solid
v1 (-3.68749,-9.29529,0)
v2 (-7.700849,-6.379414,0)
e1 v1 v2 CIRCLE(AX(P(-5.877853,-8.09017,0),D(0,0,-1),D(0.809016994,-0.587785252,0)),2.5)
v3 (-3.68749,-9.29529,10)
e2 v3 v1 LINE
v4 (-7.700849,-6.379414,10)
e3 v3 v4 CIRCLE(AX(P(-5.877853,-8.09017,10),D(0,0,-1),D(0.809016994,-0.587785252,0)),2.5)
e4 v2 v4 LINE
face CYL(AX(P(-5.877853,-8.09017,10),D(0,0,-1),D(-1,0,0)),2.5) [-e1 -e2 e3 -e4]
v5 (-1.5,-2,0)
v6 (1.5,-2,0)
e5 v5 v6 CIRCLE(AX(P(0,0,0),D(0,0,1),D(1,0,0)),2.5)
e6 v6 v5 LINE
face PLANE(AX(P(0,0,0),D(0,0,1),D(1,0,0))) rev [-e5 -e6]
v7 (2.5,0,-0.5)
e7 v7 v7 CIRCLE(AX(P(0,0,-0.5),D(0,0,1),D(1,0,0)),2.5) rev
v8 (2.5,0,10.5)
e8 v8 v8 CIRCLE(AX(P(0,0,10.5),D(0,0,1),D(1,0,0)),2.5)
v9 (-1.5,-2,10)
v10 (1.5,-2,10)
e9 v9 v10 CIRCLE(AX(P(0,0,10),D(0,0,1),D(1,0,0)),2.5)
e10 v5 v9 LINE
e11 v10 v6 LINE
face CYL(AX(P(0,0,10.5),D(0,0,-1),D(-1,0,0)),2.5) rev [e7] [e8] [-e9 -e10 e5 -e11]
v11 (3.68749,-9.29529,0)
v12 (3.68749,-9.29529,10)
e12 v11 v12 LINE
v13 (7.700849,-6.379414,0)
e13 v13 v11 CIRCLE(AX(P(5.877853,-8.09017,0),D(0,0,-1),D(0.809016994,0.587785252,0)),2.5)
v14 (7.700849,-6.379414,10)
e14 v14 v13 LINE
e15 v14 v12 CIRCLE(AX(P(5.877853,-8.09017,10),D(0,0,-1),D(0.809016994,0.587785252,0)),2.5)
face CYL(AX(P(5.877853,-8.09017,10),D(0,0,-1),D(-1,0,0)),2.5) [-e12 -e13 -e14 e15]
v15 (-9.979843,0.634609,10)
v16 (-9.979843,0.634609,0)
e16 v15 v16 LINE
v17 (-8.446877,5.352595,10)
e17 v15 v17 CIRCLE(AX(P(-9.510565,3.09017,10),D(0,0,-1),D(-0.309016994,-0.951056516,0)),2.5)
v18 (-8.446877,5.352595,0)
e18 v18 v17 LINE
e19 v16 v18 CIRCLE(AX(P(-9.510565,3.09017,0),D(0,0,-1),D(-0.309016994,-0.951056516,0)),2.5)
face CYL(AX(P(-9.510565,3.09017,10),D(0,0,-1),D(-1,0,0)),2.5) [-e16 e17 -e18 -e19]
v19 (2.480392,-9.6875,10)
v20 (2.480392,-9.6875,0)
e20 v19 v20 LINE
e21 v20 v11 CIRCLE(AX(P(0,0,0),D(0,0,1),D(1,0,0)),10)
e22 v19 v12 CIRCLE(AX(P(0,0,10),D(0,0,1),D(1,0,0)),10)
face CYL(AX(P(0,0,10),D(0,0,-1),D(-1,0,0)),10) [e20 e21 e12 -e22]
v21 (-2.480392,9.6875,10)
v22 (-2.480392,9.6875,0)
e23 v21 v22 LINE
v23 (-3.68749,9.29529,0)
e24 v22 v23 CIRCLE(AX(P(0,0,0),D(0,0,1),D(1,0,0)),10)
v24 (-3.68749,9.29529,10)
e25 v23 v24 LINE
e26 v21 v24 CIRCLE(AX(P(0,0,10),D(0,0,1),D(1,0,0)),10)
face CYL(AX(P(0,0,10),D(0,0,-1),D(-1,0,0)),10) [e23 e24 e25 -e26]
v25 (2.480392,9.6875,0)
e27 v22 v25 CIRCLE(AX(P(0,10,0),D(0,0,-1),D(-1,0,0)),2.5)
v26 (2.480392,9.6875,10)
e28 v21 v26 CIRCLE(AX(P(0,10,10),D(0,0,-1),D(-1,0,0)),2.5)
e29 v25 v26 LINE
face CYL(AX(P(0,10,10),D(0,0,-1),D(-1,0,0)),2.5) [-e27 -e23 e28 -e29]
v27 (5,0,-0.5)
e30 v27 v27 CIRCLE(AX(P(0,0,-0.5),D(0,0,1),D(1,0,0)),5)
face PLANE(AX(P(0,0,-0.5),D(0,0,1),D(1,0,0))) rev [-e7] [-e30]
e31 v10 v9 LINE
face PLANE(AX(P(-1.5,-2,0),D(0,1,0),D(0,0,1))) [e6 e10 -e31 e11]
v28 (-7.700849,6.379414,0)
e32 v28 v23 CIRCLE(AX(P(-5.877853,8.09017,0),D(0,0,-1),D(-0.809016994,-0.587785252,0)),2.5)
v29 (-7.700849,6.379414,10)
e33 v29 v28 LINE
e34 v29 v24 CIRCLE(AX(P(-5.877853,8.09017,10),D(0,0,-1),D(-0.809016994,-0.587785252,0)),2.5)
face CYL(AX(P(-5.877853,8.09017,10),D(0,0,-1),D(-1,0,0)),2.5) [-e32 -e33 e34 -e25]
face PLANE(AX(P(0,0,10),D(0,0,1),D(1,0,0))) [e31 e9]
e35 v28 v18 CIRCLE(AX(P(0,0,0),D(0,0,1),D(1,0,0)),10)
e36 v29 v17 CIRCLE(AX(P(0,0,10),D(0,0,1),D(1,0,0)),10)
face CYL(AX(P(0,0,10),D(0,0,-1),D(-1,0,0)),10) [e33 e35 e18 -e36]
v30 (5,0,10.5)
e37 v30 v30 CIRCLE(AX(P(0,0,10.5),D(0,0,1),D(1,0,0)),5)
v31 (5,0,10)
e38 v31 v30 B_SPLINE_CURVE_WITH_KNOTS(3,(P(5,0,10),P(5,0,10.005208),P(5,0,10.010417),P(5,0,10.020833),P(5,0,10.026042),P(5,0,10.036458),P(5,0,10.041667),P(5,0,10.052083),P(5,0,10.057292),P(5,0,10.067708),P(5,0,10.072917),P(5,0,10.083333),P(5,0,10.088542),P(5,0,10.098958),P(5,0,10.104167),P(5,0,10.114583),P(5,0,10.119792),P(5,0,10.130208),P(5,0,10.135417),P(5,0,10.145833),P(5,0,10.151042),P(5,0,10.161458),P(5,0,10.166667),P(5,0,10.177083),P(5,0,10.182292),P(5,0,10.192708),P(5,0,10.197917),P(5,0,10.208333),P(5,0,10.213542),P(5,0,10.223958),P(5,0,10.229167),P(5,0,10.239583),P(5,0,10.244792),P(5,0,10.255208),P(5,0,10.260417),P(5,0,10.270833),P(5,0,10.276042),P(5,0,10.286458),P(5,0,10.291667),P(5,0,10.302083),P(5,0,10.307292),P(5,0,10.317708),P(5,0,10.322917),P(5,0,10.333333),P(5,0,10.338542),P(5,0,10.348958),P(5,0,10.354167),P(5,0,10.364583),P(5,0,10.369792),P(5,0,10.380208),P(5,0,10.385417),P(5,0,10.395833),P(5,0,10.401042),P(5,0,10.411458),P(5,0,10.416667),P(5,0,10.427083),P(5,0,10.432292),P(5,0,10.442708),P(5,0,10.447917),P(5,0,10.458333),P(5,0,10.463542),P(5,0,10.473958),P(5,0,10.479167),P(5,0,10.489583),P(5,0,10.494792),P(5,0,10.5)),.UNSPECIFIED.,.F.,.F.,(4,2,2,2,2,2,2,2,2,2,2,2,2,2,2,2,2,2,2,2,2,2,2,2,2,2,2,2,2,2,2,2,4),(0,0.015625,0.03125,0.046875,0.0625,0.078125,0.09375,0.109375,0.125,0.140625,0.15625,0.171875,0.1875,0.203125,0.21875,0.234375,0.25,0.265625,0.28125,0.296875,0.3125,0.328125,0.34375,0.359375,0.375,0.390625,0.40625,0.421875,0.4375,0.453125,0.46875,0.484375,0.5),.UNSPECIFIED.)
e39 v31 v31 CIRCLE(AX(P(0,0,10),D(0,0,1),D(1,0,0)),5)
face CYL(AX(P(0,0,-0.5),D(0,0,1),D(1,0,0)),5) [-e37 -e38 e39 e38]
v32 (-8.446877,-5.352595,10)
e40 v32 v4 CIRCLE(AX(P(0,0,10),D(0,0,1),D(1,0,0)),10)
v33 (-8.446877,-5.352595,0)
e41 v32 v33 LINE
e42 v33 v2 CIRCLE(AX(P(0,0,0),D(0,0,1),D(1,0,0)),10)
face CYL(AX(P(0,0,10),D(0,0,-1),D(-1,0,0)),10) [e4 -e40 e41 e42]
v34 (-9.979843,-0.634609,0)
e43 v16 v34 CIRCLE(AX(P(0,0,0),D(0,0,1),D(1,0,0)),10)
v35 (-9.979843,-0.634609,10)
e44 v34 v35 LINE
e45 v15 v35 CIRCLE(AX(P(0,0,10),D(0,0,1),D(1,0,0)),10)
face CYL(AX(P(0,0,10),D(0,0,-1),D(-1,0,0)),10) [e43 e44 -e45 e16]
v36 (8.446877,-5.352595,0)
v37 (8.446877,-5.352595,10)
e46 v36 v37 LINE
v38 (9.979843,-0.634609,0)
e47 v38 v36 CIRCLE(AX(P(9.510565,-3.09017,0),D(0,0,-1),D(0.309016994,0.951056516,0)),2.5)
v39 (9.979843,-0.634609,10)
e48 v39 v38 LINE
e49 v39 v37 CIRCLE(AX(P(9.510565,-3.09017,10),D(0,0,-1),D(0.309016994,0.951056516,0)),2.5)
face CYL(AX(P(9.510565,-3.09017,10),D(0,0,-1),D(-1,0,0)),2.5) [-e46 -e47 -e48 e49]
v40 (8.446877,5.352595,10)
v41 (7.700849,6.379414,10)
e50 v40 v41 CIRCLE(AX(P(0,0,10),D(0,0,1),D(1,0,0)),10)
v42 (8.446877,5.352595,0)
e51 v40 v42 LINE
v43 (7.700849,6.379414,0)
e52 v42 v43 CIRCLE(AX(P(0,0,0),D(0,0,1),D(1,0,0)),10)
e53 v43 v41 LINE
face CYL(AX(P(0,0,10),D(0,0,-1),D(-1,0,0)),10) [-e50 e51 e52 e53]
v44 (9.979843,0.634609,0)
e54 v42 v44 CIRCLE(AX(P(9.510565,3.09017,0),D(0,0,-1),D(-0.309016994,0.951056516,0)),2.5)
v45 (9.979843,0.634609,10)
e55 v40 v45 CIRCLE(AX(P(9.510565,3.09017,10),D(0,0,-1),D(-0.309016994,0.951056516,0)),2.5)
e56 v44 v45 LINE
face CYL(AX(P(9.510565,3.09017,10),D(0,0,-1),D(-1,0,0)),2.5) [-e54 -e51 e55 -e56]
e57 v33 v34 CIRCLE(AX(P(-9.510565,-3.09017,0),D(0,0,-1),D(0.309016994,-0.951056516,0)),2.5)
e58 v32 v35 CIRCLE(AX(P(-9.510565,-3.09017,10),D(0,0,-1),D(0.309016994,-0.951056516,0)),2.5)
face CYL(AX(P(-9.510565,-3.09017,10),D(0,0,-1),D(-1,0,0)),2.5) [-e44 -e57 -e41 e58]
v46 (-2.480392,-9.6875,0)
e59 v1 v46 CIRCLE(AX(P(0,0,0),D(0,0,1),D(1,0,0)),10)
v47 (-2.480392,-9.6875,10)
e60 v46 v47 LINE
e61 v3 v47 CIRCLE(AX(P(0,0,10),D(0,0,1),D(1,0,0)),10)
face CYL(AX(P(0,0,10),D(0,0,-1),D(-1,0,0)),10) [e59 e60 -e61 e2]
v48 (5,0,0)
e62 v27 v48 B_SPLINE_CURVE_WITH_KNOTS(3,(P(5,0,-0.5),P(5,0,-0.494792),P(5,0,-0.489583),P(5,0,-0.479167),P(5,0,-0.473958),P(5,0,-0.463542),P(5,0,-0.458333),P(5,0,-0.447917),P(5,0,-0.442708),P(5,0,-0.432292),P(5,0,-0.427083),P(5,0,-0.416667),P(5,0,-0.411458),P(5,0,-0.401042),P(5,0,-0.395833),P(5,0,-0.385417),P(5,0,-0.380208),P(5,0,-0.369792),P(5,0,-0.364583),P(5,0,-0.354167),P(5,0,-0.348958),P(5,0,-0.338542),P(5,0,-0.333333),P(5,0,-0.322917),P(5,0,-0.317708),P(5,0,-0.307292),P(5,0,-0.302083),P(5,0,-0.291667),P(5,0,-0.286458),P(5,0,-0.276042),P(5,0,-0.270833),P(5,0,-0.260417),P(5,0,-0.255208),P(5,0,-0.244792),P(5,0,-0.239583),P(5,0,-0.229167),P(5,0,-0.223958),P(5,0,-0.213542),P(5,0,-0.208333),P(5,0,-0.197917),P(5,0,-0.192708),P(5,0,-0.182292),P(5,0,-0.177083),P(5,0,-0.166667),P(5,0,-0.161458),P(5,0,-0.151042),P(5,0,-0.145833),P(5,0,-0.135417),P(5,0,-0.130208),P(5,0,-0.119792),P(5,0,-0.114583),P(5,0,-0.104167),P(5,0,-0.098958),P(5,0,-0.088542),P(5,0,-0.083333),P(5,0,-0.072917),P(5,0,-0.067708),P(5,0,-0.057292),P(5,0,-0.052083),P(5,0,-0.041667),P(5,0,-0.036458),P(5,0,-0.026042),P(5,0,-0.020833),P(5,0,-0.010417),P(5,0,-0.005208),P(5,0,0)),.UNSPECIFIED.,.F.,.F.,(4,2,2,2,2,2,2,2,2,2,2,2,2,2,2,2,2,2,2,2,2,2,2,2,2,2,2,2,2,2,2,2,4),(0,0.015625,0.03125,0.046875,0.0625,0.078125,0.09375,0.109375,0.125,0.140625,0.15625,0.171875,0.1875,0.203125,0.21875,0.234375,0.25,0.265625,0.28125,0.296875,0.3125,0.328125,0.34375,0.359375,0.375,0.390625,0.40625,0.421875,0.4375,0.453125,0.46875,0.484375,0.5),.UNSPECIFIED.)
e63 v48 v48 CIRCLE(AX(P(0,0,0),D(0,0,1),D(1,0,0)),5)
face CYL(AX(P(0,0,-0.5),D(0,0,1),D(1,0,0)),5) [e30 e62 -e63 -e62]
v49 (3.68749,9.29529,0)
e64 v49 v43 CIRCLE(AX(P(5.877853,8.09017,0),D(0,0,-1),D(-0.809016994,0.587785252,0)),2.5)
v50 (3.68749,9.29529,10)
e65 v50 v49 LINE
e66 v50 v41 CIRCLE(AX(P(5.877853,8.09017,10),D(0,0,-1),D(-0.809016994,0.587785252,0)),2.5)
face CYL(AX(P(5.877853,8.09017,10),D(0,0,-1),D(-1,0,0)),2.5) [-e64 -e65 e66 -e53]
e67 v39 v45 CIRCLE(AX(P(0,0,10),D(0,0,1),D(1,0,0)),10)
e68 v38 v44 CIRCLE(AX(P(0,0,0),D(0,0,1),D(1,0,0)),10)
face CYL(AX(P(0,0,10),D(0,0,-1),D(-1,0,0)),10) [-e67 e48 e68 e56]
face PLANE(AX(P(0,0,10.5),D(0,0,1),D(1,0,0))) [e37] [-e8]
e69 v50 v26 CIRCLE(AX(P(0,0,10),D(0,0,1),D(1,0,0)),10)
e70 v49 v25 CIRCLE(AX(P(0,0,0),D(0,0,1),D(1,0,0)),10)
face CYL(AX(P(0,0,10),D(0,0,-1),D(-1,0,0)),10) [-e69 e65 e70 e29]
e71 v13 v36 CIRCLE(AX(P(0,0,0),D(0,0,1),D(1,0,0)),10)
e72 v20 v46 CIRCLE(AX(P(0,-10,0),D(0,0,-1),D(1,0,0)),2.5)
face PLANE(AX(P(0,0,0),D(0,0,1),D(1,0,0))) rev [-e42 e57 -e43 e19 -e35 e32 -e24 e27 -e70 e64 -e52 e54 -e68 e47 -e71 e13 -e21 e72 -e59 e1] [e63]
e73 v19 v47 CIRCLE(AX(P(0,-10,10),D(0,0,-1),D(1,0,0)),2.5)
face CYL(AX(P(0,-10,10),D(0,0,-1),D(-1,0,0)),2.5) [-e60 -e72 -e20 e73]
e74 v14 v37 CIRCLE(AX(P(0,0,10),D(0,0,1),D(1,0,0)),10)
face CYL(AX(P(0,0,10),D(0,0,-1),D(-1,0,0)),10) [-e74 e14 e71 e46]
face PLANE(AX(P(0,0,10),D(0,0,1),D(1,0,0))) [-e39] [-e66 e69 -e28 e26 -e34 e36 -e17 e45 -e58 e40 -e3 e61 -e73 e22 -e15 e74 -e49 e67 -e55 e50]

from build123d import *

# Parameters (mm, degrees)
SKIZZE1_R                            = 10
AUFSATZ_LINEAR_AUSTRAGEN1_DEPTH      = 10
AUFSATZ_LINEAR_AUSTRAGEN4_DEPTH      = 0.5
AUFSATZ_LINEAR_AUSTRAGEN4_DEPTH_BACK = 10.5
SKIZZE5_R                            = 5
SKIZZE2_R                            = 2.5
AUFSATZ_LINEAR_AUSTRAGEN2_DEPTH      = 10
KREISMUSTER1_COUNT                   = 10
SCHNITT_LINEAR_AUSTRAGEN1_DEPTH      = 0.5
SCHNITT_LINEAR_AUSTRAGEN1_DEPTH_BACK = 20
SKIZZE3_R                            = 2.5
SKIZZE4_W                            = 3.121683878
SKIZZE4_H                            = 1.135727963
AUFSATZ_LINEAR_AUSTRAGEN3_DEPTH      = 10


with BuildPart() as part:
    # Skizze1 → Aufsatz-Linear austragen1 (new body)
    with BuildSketch(Plane.XY):
        Circle(SKIZZE1_R)
    extrude(amount=AUFSATZ_LINEAR_AUSTRAGEN1_DEPTH)

    # Skizze5 → Aufsatz-Linear austragen4 (add, two sides: drawn at the far end of the back side and taken through both)
    with BuildSketch(Plane.XY.offset(10).offset(-AUFSATZ_LINEAR_AUSTRAGEN4_DEPTH_BACK)):
        Circle(SKIZZE5_R)
    extrude(amount=AUFSATZ_LINEAR_AUSTRAGEN4_DEPTH + AUFSATZ_LINEAR_AUSTRAGEN4_DEPTH_BACK)

    # Skizze2 → Aufsatz-Linear austragen2 (add)
    with BuildSketch(Plane(origin=(0, 0, 0), x_dir=(-1, 0, 0), z_dir=(0, 0, -1))):
        with Locations((0, 10)):
            Circle(SKIZZE2_R)
    aufsatz_linear_austragen2 = extrude(amount=-AUFSATZ_LINEAR_AUSTRAGEN2_DEPTH)

    # Kreismuster1: Aufsatz-Linear austragen2 ×10 about axis
    kreismuster1_axis = Axis((0, 0, 0), (0, 0, 1))
    for i in range(1, KREISMUSTER1_COUNT):
        add(aufsatz_linear_austragen2.rotate(kreismuster1_axis, i * 360 / KREISMUSTER1_COUNT))

    # Skizze3 → Schnitt-Linear austragen1 (cut, two sides: drawn at the far end of the back side and taken through both)
    with BuildSketch(Plane.XY.offset(10).offset(-SCHNITT_LINEAR_AUSTRAGEN1_DEPTH_BACK)):
        Circle(SKIZZE3_R)
    extrude(amount=SCHNITT_LINEAR_AUSTRAGEN1_DEPTH + SCHNITT_LINEAR_AUSTRAGEN1_DEPTH_BACK, mode=Mode.SUBTRACT)

    # Skizze4 → Aufsatz-Linear austragen3 (add)
    with BuildSketch(Plane.XY.offset(10)):
        with Locations((0.060841939, -2.567863982)):
            Rectangle(SKIZZE4_W, SKIZZE4_H)
    extrude(amount=-AUFSATZ_LINEAR_AUSTRAGEN3_DEPTH)


solid = part.part
